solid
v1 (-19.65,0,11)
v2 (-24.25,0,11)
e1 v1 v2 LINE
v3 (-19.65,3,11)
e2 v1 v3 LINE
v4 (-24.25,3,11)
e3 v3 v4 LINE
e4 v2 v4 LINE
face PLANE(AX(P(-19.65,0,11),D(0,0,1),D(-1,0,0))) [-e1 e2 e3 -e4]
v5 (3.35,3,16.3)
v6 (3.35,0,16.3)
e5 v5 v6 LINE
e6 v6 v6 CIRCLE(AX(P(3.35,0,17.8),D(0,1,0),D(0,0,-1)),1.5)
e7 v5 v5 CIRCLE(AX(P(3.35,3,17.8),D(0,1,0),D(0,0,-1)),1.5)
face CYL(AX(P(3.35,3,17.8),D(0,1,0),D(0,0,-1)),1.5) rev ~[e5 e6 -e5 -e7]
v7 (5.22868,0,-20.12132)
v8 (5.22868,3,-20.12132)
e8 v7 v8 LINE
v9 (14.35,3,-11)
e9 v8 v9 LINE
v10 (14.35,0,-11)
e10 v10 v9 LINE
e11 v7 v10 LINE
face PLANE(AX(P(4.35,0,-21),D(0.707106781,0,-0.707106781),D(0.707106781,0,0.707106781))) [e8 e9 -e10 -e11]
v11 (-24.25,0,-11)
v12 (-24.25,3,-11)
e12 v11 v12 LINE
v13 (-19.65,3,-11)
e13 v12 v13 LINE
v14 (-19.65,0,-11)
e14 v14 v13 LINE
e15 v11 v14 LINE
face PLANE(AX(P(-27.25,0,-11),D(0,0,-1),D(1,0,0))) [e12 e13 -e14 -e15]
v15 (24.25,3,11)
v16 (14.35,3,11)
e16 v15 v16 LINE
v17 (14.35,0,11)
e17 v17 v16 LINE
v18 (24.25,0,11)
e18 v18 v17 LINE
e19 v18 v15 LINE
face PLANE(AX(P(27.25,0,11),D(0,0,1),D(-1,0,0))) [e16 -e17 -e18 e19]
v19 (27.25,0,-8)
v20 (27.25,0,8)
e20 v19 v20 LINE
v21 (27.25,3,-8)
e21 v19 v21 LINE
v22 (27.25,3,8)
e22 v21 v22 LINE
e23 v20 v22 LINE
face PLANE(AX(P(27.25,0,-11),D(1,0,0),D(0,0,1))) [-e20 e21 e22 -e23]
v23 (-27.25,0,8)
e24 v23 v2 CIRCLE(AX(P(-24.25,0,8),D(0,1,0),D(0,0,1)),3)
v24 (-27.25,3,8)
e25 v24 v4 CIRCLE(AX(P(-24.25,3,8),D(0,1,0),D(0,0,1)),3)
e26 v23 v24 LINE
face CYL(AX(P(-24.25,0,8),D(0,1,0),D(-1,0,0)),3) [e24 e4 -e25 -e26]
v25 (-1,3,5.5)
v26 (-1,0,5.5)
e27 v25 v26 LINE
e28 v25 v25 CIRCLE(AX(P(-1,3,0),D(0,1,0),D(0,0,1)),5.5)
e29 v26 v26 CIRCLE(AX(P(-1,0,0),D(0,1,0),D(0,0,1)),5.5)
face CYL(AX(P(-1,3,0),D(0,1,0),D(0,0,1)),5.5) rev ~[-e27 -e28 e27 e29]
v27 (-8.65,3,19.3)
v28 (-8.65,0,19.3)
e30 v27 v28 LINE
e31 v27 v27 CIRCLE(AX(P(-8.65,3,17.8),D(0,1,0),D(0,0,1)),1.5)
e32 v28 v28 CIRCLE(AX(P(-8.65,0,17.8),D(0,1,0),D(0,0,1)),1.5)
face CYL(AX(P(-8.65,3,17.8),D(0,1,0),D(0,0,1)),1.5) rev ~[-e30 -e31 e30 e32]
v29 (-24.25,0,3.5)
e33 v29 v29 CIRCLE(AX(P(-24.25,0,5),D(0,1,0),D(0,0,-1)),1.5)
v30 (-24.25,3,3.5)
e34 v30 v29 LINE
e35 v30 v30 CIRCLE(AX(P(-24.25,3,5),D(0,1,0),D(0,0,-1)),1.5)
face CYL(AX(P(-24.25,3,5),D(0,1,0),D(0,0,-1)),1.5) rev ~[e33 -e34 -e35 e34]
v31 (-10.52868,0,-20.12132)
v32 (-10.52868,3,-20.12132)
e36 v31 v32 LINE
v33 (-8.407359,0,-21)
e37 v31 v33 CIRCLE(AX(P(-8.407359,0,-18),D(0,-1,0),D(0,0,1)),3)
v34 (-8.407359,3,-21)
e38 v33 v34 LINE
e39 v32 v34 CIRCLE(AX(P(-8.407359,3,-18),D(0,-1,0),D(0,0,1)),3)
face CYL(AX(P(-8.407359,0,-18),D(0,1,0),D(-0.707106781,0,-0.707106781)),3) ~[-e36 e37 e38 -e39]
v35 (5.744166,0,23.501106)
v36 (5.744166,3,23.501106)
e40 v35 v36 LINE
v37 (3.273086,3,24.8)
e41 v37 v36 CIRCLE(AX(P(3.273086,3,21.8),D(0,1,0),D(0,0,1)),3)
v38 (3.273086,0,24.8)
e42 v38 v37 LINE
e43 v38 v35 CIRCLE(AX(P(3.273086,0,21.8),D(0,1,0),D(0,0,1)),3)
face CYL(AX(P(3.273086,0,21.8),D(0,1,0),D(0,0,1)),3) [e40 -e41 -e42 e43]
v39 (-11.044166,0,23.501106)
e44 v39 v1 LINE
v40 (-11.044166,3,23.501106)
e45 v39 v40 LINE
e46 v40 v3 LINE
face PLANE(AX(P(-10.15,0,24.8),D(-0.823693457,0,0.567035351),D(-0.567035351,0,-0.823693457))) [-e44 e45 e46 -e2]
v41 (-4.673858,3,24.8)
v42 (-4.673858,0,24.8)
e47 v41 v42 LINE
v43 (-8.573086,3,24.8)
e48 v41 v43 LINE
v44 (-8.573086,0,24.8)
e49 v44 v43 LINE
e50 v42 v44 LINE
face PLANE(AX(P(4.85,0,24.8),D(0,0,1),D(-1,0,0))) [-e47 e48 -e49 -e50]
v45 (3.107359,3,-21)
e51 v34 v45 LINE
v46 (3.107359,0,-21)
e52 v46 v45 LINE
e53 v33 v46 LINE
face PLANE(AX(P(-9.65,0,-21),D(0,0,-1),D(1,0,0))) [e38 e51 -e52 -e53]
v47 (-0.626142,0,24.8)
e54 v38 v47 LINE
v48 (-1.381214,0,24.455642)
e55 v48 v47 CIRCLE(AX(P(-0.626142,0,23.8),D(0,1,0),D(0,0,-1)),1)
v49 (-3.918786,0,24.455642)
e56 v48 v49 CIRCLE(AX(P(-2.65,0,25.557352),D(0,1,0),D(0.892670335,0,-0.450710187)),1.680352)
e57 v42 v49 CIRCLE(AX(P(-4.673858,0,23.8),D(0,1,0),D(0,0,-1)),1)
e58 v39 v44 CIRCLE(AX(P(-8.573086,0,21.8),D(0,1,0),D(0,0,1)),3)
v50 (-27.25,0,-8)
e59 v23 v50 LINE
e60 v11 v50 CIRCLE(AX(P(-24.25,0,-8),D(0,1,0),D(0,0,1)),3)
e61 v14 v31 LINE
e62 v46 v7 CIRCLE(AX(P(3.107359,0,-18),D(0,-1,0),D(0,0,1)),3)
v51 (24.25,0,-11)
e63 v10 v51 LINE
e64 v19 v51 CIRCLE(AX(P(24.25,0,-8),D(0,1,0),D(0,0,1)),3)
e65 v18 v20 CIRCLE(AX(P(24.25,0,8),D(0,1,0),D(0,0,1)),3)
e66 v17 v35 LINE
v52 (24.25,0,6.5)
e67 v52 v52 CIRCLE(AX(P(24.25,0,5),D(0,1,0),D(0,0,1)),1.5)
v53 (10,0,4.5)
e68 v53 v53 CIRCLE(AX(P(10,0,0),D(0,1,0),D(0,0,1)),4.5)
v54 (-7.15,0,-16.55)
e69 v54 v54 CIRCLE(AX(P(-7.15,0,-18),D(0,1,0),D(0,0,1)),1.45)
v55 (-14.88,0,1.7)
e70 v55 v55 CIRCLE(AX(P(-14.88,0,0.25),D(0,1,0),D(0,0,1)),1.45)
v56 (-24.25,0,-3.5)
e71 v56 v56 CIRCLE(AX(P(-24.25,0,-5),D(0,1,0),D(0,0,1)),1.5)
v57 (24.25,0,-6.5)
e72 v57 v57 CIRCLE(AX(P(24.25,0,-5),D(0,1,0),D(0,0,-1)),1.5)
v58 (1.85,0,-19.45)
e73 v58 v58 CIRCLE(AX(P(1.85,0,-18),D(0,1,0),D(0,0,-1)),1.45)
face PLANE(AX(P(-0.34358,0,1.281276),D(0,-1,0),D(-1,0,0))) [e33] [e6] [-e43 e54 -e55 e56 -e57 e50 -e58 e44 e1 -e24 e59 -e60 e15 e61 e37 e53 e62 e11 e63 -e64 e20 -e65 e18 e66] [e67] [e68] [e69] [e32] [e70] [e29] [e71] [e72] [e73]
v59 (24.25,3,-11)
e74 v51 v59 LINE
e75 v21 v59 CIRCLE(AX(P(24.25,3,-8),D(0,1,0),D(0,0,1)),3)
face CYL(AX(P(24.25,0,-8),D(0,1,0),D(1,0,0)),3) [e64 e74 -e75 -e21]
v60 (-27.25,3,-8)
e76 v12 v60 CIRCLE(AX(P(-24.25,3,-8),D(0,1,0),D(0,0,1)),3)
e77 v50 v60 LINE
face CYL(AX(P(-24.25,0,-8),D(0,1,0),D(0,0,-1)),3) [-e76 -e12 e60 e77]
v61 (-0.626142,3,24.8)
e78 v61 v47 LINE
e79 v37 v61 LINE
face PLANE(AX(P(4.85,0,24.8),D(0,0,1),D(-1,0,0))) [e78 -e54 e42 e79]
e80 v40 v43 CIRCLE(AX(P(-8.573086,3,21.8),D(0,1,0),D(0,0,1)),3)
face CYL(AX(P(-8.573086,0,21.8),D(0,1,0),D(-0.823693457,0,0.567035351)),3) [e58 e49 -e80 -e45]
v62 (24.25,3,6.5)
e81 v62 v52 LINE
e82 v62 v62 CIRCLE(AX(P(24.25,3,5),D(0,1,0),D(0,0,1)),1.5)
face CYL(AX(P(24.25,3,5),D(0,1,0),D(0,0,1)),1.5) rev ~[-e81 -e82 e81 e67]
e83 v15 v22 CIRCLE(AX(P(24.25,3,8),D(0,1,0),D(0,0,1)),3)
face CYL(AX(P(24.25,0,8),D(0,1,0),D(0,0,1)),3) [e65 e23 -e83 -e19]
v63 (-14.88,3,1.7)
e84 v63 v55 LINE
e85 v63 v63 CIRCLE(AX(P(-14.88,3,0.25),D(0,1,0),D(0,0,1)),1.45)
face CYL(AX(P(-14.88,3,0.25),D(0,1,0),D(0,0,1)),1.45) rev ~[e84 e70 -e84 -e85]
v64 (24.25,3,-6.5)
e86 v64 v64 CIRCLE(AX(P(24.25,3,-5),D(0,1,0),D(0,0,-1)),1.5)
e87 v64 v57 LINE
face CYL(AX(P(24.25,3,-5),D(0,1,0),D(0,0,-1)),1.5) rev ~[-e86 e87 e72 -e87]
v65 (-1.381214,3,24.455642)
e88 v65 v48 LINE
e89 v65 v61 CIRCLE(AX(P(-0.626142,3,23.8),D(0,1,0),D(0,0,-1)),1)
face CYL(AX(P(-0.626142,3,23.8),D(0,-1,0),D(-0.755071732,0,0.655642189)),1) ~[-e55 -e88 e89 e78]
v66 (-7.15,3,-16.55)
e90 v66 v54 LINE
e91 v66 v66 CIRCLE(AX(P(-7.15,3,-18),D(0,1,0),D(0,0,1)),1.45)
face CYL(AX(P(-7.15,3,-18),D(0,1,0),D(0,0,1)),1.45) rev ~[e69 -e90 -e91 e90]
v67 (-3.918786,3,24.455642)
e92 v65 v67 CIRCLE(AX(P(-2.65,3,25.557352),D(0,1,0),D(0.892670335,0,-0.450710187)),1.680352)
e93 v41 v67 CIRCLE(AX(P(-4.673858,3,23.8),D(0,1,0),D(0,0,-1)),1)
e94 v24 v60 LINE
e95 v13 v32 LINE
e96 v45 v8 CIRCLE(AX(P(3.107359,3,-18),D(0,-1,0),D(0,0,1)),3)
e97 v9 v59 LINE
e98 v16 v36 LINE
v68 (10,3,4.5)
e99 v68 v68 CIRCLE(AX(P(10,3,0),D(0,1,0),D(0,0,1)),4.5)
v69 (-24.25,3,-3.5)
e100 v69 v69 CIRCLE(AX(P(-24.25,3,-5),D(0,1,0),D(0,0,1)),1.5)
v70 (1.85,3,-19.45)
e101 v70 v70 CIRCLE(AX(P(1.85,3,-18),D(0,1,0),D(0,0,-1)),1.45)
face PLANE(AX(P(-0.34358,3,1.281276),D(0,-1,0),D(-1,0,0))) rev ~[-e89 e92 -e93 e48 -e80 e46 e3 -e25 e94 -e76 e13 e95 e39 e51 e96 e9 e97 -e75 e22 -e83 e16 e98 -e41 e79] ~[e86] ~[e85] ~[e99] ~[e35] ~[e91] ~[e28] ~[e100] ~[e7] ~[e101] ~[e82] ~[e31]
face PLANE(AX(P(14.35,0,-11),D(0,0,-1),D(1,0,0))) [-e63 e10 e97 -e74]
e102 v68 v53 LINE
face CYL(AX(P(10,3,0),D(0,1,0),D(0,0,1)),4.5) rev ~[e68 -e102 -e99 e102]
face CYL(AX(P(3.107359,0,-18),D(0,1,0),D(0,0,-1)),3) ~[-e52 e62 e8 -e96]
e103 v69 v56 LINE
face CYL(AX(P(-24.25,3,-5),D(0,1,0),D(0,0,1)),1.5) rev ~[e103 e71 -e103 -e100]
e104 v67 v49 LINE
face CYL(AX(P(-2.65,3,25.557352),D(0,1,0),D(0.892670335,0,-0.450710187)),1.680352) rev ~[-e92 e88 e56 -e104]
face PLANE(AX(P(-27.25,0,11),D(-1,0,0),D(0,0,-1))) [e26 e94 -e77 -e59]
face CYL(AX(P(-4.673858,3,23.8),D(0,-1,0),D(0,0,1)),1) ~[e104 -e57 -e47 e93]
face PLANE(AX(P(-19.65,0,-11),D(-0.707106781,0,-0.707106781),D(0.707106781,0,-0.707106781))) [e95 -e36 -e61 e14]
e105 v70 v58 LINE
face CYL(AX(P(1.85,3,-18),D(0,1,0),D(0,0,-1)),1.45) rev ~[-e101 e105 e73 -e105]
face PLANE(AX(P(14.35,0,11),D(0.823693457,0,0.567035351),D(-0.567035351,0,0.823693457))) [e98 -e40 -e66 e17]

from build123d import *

# Parameters (mm, degrees)
SALIENTE_EXTRUIR1_DEPTH = 3
CROQUIS_BARRIDOS_R      = 1.45
CROQUIS_BARRIDOS_R_2    = 5.5
CROQUIS_BARRIDOS_R_3    = 4.5
CROQUIS_BARRIDOS_R_4    = 1.5
CORTAR_EXTRUIR1_DEPTH   = 3
REDONDEO1_R             = 3
REDONDEO2_R             = 1


with BuildPart() as part:
    # Croquis base → Saliente-Extruir1 (new body)
    with BuildSketch(Plane(origin=(0, 0, 0), x_dir=(1, 0, 0), z_dir=(0, 1, 0))):
        Polygon((-27.25, 11), (-19.65, 11), (-9.65, 21), (4.35, 21), (14.35, 11), (27.25, 11), (27.25, -11), (14.35, -11), (4.85, -24.8), (-10.15, -24.8), (-19.65, -11), (-27.25, -11), align=None)
    extrude(amount=SALIENTE_EXTRUIR1_DEPTH)

    # Croquis barridos → Cortar-Extruir1 (cut)
    with BuildSketch(Plane(origin=(0, 3, 0), x_dir=(1, 0, 0), z_dir=(0, 1, 0))):
        with Locations(Location((-14.88, -0.25, 0), (0, 0, 270))):
            Circle(CROQUIS_BARRIDOS_R)
        with Locations(Location((-1, 0, 0), (0, 0, 270))):
            Circle(CROQUIS_BARRIDOS_R_2)
        with Locations(Location((10, 0, 0), (0, 0, 270))):
            Circle(CROQUIS_BARRIDOS_R_3)
        with Locations(Location((-24.25, 5, 0), (0, 0, 270))):
            Circle(CROQUIS_BARRIDOS_R_4)
        with Locations(Location((24.25, 5, 0), (0, 0, 90))):
            Circle(CROQUIS_BARRIDOS_R_4)
        with Locations(Location((24.25, -5, 0), (0, 0, 270))):
            Circle(CROQUIS_BARRIDOS_R_4)
        with Locations(Location((-24.25, -5, 0), (0, 0, 90))):
            Circle(CROQUIS_BARRIDOS_R_4)
        with Locations(Location((-8.65, -17.8, 0), (0, 0, 270))):
            Circle(CROQUIS_BARRIDOS_R_4)
        with Locations(Location((-7.15, 18, 0), (0, 0, 270))):
            Circle(CROQUIS_BARRIDOS_R)
        with Locations(Location((3.35, -17.8, 0), (0, 0, 90))):
            Circle(CROQUIS_BARRIDOS_R_4)
        with Locations(Location((1.85, 18, 0), (0, 0, 90))):
            Circle(CROQUIS_BARRIDOS_R)
        with BuildLine():
            Line((-4.15, -24.8), (-1.15, -24.8))
            ThreePointArc((-1.15, -24.8), (-2.65, -23.877), (-4.15, -24.8))
        make_face()
    extrude(amount=-CORTAR_EXTRUIR1_DEPTH, mode=Mode.SUBTRACT)

    # Redondeo1
    redondeo1_edges = [part.edges().sort_by_distance(p)[0] for p in [
        (4.85, 1.5, 24.8),
        (-10.15, 1.5, 24.8),
        (-27.25, 1.5, 11),
        (-27.25, 1.5, -11),
        (-9.65, 1.5, -21),
        (4.35, 1.5, -21),
        (27.25, 1.5, -11),
        (27.25, 1.5, 11),
    ]]
    fillet(redondeo1_edges, radius=REDONDEO1_R)

    # Redondeo2
    redondeo2_edges = [part.edges().sort_by_distance(p)[0] for p in [
        (-4.15, 1.5, 24.8),
        (-1.15, 1.5, 24.8),
    ]]
    fillet(redondeo2_edges, radius=REDONDEO2_R)


solid = part.part
